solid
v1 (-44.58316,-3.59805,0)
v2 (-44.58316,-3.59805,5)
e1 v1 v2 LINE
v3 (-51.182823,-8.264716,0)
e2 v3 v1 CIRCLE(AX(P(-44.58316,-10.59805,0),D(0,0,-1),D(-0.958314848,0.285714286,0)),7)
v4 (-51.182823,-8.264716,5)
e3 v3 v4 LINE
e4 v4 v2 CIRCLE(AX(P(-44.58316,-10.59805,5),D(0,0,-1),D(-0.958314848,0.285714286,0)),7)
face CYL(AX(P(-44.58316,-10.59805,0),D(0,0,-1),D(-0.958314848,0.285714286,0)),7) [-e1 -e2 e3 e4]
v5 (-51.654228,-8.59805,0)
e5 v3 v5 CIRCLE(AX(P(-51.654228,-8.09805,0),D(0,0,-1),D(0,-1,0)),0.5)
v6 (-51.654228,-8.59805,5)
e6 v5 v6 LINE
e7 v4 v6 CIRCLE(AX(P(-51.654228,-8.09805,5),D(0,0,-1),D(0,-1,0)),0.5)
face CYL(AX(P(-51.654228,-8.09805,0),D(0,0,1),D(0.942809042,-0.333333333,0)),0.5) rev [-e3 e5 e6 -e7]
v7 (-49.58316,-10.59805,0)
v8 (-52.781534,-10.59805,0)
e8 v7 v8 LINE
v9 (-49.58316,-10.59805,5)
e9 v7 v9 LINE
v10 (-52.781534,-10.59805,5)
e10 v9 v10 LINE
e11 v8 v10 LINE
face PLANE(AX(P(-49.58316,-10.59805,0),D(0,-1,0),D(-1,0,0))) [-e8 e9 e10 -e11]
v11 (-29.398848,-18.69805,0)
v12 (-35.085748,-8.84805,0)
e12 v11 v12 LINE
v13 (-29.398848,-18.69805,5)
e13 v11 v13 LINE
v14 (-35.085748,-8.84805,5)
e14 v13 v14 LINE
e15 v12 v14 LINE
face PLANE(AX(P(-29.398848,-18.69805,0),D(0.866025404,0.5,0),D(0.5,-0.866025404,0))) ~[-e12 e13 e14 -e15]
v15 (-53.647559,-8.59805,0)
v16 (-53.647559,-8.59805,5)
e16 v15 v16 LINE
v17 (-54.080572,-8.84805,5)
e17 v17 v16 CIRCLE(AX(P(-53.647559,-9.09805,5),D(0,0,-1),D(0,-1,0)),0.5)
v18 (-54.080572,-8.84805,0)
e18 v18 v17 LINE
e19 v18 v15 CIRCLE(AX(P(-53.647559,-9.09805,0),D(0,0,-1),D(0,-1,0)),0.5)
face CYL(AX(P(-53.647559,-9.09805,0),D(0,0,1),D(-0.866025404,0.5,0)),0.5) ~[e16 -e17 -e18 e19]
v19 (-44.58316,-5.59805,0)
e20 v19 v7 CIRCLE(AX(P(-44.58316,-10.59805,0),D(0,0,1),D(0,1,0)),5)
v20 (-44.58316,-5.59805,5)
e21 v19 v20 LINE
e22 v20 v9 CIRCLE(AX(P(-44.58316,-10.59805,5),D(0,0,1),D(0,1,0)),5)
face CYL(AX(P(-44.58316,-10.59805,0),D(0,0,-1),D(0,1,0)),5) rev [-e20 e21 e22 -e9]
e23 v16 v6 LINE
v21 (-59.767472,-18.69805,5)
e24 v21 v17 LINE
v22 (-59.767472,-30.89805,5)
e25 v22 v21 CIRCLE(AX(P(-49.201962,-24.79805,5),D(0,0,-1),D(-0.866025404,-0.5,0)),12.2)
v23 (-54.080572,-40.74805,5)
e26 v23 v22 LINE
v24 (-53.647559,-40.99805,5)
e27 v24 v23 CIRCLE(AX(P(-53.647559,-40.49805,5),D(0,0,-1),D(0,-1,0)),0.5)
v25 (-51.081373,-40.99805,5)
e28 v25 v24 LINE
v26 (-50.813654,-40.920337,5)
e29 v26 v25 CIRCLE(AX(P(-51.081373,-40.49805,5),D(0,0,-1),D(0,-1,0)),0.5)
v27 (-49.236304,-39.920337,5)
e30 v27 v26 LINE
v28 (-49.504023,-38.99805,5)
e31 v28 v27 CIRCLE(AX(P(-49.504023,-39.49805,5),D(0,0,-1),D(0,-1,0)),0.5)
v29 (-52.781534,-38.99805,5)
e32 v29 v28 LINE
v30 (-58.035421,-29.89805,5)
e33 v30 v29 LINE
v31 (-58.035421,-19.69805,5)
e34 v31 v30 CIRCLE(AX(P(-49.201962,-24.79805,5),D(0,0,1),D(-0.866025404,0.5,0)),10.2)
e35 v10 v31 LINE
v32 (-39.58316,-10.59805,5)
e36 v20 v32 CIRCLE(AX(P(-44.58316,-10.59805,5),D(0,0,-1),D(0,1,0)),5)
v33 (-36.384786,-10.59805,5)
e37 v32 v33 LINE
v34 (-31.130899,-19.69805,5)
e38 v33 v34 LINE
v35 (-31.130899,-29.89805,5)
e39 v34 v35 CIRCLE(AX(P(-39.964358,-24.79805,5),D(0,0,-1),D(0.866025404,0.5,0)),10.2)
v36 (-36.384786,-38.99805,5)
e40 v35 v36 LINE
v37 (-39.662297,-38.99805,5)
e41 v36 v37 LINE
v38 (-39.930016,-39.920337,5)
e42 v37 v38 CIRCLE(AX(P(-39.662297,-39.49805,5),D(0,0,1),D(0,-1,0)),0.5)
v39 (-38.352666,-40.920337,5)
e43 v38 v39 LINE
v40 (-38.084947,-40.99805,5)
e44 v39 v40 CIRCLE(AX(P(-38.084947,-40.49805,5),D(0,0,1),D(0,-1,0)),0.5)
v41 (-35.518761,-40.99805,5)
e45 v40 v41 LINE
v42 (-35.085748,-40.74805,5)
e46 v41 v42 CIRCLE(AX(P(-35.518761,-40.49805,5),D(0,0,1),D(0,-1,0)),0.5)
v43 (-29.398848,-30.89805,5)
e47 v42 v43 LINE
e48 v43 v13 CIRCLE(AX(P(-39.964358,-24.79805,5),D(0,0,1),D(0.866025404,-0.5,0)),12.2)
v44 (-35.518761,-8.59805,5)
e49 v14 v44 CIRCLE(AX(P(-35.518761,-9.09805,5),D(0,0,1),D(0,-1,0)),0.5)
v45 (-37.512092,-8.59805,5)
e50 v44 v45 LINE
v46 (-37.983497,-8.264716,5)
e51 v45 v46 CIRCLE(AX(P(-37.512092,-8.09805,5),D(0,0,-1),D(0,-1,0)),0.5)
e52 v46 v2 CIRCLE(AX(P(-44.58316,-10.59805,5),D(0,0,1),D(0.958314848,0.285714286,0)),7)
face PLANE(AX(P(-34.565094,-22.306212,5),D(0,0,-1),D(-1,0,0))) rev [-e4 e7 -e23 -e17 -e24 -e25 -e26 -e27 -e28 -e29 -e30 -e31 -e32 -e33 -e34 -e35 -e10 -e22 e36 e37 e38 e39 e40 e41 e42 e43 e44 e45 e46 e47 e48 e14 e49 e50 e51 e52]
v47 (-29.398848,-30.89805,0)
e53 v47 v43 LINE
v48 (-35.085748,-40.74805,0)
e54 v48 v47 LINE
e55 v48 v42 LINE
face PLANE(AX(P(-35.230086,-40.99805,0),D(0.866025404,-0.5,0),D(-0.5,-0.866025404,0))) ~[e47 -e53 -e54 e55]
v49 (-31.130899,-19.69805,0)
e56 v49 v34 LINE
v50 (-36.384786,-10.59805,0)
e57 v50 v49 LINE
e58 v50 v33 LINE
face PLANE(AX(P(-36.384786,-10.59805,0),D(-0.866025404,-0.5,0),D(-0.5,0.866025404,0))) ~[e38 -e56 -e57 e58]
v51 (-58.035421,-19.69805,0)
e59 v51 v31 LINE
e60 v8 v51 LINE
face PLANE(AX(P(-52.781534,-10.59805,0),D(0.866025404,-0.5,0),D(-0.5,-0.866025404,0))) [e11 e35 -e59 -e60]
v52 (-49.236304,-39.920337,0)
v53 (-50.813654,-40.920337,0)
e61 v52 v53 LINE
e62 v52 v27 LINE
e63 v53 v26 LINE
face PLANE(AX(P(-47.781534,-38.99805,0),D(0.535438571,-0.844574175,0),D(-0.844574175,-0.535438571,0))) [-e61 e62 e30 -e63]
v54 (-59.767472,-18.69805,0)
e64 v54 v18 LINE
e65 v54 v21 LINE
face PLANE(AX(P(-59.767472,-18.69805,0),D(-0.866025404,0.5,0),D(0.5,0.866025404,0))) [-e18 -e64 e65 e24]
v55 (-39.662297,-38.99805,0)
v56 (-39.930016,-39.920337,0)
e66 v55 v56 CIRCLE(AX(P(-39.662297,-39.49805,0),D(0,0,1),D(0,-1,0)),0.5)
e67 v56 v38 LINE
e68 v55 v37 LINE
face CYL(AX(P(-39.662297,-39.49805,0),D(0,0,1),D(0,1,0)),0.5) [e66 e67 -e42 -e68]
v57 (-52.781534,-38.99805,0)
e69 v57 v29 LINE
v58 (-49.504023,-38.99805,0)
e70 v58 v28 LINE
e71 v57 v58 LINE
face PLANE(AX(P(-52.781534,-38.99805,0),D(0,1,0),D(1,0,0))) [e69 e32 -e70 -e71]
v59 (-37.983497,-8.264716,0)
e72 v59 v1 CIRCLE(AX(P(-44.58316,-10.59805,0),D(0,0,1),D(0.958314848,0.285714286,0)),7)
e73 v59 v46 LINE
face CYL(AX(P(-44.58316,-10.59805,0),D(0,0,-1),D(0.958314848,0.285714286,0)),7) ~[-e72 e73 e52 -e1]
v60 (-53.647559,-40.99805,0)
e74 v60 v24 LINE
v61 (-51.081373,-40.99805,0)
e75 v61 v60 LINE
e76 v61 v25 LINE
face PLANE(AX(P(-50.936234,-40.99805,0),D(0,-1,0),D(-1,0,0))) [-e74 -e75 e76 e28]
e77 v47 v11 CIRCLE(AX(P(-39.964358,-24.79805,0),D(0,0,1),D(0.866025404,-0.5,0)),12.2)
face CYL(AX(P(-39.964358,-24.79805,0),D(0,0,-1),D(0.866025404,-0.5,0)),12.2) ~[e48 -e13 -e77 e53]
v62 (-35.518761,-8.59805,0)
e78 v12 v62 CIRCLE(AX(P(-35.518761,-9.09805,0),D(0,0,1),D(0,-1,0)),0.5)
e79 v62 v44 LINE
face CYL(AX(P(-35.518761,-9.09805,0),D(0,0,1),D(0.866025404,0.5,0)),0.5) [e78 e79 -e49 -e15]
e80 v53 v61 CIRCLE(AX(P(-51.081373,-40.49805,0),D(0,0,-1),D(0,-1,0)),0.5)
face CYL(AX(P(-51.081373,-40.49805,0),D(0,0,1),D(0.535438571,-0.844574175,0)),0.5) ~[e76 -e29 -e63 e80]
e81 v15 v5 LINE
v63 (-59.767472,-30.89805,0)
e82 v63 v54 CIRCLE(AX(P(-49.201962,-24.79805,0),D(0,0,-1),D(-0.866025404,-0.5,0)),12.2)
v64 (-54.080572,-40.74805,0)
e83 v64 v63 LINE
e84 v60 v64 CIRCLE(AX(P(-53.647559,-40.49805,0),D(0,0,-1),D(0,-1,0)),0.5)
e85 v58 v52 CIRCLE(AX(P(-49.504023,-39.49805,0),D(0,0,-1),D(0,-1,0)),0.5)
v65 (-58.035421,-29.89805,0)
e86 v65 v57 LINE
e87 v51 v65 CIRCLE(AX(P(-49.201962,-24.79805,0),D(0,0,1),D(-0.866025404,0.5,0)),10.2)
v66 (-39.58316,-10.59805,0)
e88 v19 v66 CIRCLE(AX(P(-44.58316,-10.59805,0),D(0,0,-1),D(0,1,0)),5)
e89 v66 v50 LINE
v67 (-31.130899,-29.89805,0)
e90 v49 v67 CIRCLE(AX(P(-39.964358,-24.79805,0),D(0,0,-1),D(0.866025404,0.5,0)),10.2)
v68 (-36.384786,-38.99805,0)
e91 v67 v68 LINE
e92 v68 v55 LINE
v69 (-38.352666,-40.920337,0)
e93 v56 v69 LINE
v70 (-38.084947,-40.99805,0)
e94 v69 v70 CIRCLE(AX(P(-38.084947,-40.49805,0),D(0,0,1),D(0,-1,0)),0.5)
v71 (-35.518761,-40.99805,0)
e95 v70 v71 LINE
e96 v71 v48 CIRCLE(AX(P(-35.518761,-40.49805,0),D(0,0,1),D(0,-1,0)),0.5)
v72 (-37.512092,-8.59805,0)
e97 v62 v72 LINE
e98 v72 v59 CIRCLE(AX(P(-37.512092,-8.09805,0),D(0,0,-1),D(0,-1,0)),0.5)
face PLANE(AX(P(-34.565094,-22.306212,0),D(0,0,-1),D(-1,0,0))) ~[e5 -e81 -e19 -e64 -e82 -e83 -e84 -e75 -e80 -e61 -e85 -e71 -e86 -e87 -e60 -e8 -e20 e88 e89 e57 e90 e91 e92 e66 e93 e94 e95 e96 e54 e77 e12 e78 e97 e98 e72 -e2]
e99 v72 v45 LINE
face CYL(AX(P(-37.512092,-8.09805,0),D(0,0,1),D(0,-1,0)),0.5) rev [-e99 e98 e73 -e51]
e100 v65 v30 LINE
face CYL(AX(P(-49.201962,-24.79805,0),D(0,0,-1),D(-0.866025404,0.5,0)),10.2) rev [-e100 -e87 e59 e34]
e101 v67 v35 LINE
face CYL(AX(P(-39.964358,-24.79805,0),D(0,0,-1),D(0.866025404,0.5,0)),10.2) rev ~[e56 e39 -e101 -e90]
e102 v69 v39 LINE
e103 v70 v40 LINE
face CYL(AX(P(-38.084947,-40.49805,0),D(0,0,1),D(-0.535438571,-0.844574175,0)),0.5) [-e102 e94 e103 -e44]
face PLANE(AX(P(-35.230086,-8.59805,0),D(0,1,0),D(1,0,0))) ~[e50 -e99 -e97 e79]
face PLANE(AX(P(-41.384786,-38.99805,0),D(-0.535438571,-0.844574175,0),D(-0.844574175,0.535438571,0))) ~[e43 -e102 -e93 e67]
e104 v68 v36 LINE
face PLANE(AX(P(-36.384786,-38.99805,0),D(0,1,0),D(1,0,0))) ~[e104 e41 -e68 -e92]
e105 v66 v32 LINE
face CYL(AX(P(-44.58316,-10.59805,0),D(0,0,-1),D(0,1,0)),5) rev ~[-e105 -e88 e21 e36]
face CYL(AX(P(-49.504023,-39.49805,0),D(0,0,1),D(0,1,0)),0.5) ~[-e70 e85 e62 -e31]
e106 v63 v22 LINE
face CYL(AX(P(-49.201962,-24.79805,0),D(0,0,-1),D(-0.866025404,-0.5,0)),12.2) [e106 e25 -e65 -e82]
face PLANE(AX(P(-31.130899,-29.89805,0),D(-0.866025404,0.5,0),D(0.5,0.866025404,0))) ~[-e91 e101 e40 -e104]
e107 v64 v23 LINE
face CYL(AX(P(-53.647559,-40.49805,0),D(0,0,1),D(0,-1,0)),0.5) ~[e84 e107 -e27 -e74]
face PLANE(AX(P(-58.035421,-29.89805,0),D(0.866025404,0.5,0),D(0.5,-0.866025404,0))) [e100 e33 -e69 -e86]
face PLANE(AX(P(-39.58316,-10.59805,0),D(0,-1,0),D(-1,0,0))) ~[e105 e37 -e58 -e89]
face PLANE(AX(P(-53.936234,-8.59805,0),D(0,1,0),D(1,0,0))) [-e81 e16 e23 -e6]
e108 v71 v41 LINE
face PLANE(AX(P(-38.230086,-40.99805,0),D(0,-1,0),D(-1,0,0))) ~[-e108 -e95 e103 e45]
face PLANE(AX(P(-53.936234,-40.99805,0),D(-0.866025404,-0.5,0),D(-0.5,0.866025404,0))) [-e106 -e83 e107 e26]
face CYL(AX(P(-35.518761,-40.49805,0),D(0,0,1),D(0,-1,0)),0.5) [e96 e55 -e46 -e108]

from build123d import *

# Parameters (mm, degrees)
BOSS_EXTRUDE1_DEPTH = 5
FILLET1_R           = 0.5


with BuildPart() as part:
    # Sketch1 → Boss-Extrude1 (new body)
    with BuildSketch(Plane.XY):
        with BuildLine():
            Line((-58.035421321, -29.898049549), (-52.781533871, -38.998049549))
            Line((-52.781533871, -38.998049549), (-47.781533871, -38.998049549))
            Line((-47.781533871, -38.998049549), (-50.93623441, -40.998049549))
            Line((-50.93623441, -40.998049549), (-53.93623441, -40.998049549))
            Line((-53.93623441, -40.998049549), (-59.767472129, -30.898049549))
            ThreePointArc((-59.767472129, -30.898049549), (-61.401962202, -24.798049549), (-59.767472129, -18.698049549))
            Line((-59.767472129, -18.698049549), (-53.93623441, -8.598049549))
            Line((-53.93623441, -8.598049549), (-51.291363981, -8.598049549))
            ThreePointArc((-51.291363981, -8.598049549), (-48.766460182, -4.985563469), (-44.583160049, -3.598049549))
            Line((-44.583160049, -3.598049549), (-44.583160049, -5.598049549))
            ThreePointArc((-44.583160049, -5.598049549), (-48.118693955, -7.062515643), (-49.583160049, -10.598049549))
            Line((-49.583160049, -10.598049549), (-52.781533871, -10.598049549))
            Line((-52.781533871, -10.598049549), (-58.035421321, -19.698049549))
            ThreePointArc((-58.035421321, -19.698049549), (-59.401962202, -24.798049549), (-58.035421321, -29.898049549))
        make_face()
    boss_extrude1 = extrude(amount=BOSS_EXTRUDE1_DEPTH)

    # Mirror1: Boss-Extrude1 across plane
    add(boss_extrude1.mirror(Plane(origin=(-44.583160049, -5.598049549, 5), x_dir=(0, 0, 1), z_dir=(-1, 0, 0))))

    # Fillet1
    fillet1_edges = [part.edges().sort_by_distance(p)[0] for p in [
        (-47.781533871, -38.998049549, 2.5),
        (-50.93623441, -40.998049549, 2.5),
        (-53.93623441, -40.998049549, 2.5),
        (-53.93623441, -8.598049549, 2.5),
        (-51.291363981, -8.598049549, 2.5),
        (-41.384786226, -38.998049549, 2.5),
        (-38.230085688, -40.998049549, 2.5),
        (-35.230085688, -40.998049549, 2.5),
        (-35.230085688, -8.598049549, 2.5),
        (-37.874956116, -8.598049549, 2.5),
    ]]
    fillet(fillet1_edges, radius=FILLET1_R)


solid = part.part
